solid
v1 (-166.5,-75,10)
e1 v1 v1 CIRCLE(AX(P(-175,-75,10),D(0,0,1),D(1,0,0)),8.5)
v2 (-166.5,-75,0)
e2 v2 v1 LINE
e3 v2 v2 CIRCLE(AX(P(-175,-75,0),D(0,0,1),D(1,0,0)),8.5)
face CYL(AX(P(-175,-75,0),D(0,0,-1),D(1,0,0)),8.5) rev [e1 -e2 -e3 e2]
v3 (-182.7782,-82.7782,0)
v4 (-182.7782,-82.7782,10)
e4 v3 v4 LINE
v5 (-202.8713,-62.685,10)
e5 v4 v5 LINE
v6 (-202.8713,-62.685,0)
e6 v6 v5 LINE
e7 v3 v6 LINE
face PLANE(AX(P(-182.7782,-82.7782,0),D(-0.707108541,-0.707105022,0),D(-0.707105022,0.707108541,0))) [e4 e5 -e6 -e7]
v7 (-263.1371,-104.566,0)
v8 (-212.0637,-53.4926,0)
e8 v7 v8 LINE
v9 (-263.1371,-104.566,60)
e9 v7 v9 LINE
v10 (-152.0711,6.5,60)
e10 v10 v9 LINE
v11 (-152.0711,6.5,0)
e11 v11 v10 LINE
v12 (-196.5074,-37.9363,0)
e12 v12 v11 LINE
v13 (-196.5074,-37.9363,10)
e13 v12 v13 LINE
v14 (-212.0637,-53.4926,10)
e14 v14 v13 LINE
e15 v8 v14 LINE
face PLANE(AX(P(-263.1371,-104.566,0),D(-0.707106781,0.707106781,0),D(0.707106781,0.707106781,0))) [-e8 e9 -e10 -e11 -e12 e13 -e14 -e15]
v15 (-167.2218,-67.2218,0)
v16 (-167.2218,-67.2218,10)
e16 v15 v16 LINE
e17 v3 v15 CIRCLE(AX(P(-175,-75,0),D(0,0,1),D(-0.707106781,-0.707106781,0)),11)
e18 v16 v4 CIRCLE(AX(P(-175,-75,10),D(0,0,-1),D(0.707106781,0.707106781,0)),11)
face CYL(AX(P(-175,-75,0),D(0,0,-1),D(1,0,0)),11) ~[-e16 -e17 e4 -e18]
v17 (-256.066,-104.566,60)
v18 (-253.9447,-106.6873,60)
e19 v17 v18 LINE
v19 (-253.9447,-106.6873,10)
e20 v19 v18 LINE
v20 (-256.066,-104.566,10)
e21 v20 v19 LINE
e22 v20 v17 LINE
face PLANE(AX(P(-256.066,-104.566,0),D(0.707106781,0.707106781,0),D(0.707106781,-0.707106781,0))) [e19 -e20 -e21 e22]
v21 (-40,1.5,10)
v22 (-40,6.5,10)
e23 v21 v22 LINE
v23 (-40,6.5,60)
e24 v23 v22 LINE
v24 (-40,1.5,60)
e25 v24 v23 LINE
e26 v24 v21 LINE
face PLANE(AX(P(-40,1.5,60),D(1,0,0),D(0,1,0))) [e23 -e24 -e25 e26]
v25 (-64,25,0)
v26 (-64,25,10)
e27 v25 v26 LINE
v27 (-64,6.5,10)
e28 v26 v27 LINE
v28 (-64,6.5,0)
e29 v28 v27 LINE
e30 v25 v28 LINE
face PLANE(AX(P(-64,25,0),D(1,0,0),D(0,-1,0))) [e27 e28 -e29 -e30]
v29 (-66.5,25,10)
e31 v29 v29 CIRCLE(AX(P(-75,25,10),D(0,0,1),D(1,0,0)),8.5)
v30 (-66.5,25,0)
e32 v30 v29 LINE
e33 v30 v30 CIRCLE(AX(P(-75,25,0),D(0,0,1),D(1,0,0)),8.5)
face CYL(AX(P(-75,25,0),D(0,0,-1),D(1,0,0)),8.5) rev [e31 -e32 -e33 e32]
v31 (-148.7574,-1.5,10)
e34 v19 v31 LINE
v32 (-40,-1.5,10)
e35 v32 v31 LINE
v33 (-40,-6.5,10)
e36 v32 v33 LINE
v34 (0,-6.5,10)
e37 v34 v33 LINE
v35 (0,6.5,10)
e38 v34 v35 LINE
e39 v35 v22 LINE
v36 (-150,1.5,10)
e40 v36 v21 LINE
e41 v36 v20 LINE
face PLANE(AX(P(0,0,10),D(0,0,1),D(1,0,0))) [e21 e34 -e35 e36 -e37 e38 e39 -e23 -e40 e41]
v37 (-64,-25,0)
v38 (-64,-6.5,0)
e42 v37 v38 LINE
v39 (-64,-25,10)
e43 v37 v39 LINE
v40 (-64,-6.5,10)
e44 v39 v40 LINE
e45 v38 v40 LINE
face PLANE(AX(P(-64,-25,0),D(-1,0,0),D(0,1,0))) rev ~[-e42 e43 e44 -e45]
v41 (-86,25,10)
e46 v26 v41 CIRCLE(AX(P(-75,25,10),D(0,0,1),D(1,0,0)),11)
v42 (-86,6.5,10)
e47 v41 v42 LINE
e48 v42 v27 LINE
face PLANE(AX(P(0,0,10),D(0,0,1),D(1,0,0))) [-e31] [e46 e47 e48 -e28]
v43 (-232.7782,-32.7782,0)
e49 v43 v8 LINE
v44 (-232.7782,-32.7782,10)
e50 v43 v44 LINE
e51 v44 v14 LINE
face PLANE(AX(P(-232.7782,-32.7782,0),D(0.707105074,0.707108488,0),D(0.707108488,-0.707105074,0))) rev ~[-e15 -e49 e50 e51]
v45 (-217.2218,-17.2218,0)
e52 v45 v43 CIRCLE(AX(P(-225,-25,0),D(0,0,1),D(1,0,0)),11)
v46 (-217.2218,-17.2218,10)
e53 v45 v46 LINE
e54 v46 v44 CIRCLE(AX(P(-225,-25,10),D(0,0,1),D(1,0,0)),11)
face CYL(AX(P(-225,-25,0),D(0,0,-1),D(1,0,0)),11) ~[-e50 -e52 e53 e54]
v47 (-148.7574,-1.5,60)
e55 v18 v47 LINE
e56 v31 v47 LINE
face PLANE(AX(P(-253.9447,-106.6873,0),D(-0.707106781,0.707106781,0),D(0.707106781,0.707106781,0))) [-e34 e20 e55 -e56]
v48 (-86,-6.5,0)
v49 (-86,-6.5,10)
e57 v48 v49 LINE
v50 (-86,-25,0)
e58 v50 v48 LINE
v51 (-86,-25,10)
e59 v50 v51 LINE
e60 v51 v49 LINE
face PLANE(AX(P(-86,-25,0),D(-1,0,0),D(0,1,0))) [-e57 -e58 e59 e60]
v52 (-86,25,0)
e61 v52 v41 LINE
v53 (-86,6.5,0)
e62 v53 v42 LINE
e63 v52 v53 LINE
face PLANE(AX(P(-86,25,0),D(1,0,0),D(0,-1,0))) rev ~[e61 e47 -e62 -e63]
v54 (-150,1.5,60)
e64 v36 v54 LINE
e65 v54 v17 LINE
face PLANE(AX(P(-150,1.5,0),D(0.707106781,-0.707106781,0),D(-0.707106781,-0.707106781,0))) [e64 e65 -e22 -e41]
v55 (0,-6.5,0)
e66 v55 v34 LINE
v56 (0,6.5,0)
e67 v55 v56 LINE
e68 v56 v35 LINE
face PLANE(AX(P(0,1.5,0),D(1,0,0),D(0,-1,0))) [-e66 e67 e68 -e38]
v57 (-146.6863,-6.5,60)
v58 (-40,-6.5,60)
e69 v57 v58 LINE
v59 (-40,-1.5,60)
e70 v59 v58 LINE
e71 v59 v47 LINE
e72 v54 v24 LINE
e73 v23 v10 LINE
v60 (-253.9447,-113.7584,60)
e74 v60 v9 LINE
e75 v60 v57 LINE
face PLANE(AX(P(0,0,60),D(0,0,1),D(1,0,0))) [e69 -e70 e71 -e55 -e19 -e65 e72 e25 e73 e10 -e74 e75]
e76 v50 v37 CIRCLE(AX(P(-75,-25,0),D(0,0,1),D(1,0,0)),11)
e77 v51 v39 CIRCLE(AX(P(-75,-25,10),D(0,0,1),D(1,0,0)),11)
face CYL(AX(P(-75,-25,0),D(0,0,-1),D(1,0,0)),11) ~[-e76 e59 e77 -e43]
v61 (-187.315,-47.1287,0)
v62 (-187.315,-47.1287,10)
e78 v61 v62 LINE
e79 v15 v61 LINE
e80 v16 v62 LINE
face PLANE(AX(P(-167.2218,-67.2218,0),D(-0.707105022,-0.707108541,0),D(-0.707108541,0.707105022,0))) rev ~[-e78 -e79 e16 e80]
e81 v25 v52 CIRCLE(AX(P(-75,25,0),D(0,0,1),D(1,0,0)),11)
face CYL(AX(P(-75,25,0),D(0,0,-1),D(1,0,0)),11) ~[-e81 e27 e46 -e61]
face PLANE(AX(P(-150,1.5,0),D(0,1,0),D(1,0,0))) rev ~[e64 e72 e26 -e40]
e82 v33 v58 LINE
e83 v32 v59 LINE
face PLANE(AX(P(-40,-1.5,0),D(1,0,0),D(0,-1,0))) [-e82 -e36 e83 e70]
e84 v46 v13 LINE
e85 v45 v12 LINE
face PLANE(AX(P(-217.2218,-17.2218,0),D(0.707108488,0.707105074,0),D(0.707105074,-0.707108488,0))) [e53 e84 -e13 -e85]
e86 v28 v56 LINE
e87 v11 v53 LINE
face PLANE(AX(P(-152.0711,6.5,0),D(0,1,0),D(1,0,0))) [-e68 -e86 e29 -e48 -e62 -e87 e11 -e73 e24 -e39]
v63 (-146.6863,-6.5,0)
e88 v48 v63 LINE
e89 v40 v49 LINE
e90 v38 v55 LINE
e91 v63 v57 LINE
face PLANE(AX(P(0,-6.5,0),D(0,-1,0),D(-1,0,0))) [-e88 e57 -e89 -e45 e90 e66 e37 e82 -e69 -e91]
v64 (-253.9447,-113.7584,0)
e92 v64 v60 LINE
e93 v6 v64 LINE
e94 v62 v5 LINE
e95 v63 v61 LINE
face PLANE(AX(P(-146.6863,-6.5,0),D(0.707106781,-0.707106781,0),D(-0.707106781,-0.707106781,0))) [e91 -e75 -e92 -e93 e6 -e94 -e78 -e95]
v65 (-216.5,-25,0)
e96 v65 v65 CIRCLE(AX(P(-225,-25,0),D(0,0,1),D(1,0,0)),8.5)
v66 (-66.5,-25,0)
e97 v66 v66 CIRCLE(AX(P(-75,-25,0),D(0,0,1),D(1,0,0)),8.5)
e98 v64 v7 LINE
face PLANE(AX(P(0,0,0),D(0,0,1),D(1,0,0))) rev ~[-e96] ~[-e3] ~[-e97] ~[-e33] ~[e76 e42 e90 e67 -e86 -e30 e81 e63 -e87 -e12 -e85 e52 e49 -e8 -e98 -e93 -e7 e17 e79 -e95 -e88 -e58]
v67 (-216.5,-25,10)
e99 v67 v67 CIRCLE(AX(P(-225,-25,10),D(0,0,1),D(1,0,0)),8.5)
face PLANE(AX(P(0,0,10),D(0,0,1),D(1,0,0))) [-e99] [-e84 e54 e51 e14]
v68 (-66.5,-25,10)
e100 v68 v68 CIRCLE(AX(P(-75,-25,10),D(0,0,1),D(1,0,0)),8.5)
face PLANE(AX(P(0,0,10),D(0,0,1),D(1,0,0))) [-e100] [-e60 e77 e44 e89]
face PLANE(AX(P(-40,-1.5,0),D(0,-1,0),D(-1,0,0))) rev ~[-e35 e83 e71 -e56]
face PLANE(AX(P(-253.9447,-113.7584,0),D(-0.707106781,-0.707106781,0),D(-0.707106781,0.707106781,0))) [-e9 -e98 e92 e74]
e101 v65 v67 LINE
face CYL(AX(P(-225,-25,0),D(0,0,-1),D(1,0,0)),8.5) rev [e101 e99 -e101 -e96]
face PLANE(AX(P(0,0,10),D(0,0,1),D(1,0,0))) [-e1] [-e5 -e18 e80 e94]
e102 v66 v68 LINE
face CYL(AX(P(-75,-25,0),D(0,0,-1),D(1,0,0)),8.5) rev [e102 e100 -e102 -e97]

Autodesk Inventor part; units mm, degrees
ref_plane "YZ Plane" through (0, 0, 0) normal (1, 0, 0) x (0, 1, 0)
ref_plane "XZ Plane" through (0, 0, 0) normal (0, 1, 0) x (-1, 0, 0)
ref_plane "XY Plane" through (0, 0, 0) normal (0, 0, 1) x (1, 0, 0)
sketch "Sketch1" plane through (0, 0, 0) normal (0, 0, 1) x (1, 0, 0)
  line L0 (-150, 1.5) -> (-256.066, -104.566)
  line L1 (-256.066, -104.566) -> (-253.9447, -106.6873)
  line L2 (-253.9447, -106.6873) -> (-148.7574, -1.5)
  line L3 (0, 1.5) -> (0, -1.5)
  line L4 (0, -1.5) -> (-148.7574, -1.5)
  line L5 (-150, 1.5) -> (0, 1.5)
  line L6 (-263.1371, -104.566) -> (-152.0711, 6.5)
  line L7 (-152.0711, 6.5) -> (0, 6.5)
  line L8 (0, -6.5) -> (-146.6863, -6.5)
  line L9 (-146.6863, -6.5) -> (-253.9447, -113.7584)
  line L10 (-253.9447, -113.7584) -> (-263.1371, -104.566)
  line L11 (0, 1.5) -> (0, 6.5)
  line L12 (0, -1.5) -> (0, -6.5)
  circle A0 centre (-75, 25) radius 11
  circle A1 centre (-175, -75) radius 11
  circle A2 centre (-75, -25) radius 11
  circle A3 centre (-225, -25) radius 11
  line L13 (-232.7782, -32.7782) -> (-212.0637, -53.4926)
  line L14 (-182.7782, -82.7782) -> (-202.8713, -62.685)
  line L15 (-167.2218, -67.2218) -> (-187.315, -47.1287)
  line L16 (-86, 25) -> (-86, 6.5)
  line L17 (-64, 25) -> (-64, 6.5)
  line L18 (-217.2218, -17.2218) -> (-196.5074, -37.9363)
  line L19 (-40, -1.5) -> (-40, -6.5)
  line L20 (-86, -25) -> (-86, -6.5)
  line L21 (-64, -25) -> (-64, -6.5)
  circle A4 centre (-75, 25) radius 8.5
  circle A5 centre (-75, -25) radius 8.5
  circle A6 centre (-175, -75) radius 8.5
  circle A7 centre (-225, -25) radius 8.5
  point P0 (0, 0)
  point P1 (0, 0)
  point P2 (-76.0355, 6.5)
  point P3 (0, -4)
  dimension "d2" = 150
  dimension "d4" = 3
  dimension "d5" = 3
  dimension "d6" = 135
  dimension "d7" = 150
  dimension "d8" = 148.7574
  dimension "d9" = 135
  dimension "d10" = 148.7574
  dimension "d11" = 5
  dimension "d12" = 5
  dimension "d13" = 5
  dimension "d14" = 5
  dimension "d31" = 22
  dimension "d33" = 22
  dimension "d39" = 75
  dimension "d41" = 22
  dimension "d42" = 50
  dimension "d47" = 22
  dimension "d57" = 18.5
  dimension "d60" = 18.5
  dimension "d62" = 150
  dimension "d63" = 50
  dimension "d64" = 100
  dimension "d65" = 50
  dimension "d66" = 40
  dimension "d70" = 17
  dimension "d71" = 17
  dimension "d72" = 17
  dimension "d73" = 17
  dimension "d78" = 89.2287
extrude "Extrusion2" add sketch "Sketch1" along normal blind 10 contours L5 L3 L4 L2 L1 L0 | L12 L8 L19 L4 | L7 L16 A0 L17 | A0 | L21 A2 L20 L8 | A2 | L6 L13 A3 L18 | A3 | L15 A1 L14 L9 | A1
extrude "Extrusion3" add sketch "Sketch1" along normal blind 60 contours L0 L1 L2 L4 L19 L8 L9 L10 L6 L7 L11 L5
sketch "Sketch2" plane through (0, 0, 60) normal (0, 0, 1) x (1, 0, 0)
  line L0 (-150, 1.5) -> (0, 1.5) projected
  line L1 (0, 6.5) -> (-64, 6.5) projected
  line L2 (0, 1.5) -> (-40, 1.5)
  line L3 (-40, 1.5) -> (-40, 6.5)
  line L4 (-40, 6.5) -> (0, 6.5)
  line L5 (0, 6.5) -> (0, 1.5)
  point P0 (0, 0)
  dimension "d99" = 40
extrude "Extrusion4" cut sketch "Sketch2" against normal blind 50
properties part number "hold_left"
